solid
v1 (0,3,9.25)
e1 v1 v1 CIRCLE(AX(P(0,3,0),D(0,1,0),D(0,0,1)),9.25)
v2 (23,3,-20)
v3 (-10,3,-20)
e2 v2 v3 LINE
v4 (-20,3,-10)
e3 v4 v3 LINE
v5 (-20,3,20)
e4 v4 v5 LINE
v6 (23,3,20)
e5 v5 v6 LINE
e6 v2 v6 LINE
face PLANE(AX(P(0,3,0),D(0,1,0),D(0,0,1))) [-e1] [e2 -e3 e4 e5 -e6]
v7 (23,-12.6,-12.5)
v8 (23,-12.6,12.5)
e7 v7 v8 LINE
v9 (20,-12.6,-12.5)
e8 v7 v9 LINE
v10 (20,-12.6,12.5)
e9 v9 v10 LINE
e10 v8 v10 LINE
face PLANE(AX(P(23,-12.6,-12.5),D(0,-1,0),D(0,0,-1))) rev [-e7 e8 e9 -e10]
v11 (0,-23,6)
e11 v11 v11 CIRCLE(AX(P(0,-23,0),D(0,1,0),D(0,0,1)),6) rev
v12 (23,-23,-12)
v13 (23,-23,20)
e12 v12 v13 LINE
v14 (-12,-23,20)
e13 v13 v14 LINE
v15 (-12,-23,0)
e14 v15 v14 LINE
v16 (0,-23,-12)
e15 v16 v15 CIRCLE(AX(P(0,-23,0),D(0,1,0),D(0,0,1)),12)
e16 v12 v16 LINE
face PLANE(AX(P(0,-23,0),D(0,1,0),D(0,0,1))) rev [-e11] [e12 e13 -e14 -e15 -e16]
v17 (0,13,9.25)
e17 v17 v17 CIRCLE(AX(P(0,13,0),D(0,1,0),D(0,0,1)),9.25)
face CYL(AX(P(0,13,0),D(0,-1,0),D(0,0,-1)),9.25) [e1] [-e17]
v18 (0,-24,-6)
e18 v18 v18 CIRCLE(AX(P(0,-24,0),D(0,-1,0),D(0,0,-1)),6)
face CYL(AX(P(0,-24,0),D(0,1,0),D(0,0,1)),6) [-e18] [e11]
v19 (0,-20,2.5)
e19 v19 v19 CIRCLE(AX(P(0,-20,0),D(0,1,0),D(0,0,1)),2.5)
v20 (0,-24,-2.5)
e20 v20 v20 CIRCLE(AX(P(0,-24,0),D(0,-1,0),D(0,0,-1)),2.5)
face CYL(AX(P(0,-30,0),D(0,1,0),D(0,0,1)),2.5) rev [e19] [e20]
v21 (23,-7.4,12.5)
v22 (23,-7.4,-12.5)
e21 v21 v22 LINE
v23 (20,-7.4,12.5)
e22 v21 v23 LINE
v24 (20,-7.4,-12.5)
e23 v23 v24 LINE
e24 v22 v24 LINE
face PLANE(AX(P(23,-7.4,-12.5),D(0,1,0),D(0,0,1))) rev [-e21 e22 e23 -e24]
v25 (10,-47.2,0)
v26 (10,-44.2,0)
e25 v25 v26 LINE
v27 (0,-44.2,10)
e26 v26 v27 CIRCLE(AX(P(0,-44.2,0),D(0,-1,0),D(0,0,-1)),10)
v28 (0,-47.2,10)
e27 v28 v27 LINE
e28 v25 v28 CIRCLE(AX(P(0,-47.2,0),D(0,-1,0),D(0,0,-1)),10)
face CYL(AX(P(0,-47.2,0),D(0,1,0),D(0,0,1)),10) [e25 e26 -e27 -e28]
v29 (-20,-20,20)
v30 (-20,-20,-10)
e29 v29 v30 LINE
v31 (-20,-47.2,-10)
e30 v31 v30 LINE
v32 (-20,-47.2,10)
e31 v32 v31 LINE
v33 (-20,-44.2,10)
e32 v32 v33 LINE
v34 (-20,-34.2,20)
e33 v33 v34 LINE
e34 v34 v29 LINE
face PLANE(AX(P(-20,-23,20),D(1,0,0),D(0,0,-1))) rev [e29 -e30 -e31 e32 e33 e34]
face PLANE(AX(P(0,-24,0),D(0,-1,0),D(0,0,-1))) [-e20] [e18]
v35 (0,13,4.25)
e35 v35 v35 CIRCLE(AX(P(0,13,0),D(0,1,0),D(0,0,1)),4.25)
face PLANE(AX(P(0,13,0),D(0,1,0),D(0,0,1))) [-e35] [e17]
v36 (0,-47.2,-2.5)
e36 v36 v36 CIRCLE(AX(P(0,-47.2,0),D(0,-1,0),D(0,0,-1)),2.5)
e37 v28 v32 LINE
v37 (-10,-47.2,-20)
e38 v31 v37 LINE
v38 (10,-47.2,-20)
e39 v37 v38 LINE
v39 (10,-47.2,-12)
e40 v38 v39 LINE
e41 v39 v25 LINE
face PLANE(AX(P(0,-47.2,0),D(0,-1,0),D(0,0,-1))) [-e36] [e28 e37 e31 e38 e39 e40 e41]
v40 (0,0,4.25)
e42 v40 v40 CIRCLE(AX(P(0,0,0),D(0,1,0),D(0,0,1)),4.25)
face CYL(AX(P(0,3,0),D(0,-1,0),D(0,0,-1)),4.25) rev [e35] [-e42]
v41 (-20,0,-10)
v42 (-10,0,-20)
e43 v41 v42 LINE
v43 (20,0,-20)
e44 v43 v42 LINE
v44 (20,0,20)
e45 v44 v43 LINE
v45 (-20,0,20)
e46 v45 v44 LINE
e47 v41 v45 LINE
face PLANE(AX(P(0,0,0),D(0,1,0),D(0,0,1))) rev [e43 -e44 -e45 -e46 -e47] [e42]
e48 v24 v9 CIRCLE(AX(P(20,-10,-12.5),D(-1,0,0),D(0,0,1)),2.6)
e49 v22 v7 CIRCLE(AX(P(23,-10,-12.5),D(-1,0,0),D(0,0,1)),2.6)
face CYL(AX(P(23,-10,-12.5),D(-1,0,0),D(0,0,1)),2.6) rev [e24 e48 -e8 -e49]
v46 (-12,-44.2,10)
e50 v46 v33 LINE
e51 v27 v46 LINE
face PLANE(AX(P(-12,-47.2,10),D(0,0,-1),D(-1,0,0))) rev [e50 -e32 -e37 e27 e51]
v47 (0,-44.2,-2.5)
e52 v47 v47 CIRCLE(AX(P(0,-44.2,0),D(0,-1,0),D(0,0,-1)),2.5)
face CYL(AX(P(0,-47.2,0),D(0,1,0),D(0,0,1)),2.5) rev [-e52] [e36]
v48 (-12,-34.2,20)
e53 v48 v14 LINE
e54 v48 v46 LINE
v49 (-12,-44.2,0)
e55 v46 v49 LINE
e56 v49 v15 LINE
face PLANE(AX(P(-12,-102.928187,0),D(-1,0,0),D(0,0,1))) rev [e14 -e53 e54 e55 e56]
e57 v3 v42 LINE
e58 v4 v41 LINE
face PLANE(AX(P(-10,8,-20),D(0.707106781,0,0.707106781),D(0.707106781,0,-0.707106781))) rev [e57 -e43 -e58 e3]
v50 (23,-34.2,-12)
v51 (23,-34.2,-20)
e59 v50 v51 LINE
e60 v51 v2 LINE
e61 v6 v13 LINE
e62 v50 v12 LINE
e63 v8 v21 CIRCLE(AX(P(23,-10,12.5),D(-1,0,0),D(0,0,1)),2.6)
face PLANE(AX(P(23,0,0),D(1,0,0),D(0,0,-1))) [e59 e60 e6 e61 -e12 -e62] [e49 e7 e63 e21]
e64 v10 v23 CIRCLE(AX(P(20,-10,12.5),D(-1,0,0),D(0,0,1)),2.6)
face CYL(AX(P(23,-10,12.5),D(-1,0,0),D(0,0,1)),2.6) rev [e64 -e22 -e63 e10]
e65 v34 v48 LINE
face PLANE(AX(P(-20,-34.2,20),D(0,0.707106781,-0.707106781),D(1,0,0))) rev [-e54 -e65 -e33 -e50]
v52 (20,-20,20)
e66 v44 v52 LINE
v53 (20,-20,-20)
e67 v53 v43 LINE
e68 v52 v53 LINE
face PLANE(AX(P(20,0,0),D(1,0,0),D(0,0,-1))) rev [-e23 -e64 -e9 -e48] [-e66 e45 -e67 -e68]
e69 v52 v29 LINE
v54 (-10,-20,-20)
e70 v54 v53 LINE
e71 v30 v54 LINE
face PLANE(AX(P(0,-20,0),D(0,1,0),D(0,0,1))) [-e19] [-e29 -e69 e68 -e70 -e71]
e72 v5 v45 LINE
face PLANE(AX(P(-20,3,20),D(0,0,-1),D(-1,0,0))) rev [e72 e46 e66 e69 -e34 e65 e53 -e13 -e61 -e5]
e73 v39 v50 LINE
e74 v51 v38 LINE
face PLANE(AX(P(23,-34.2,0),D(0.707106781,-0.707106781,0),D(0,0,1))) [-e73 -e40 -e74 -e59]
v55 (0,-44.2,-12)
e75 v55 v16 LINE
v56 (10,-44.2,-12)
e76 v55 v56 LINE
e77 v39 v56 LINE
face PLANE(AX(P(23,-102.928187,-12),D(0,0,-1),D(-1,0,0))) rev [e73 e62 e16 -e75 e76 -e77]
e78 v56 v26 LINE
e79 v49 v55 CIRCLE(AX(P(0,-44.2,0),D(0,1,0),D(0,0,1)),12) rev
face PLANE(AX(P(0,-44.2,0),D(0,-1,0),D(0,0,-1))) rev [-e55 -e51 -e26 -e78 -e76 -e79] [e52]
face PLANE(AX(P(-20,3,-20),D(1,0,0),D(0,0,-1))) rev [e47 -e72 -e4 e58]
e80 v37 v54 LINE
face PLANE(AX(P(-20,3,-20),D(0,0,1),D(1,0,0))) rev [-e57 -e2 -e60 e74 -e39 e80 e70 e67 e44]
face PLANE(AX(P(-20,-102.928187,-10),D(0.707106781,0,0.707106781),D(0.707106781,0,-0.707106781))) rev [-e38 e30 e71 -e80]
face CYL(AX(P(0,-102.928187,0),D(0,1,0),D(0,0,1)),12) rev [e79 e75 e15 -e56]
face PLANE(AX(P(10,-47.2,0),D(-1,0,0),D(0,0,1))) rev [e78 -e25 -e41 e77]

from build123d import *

# Parameters (mm, degrees)
SKETCH1_W           = 40
SKETCH1_H           = 40
SKETCH1_R           = 4.25
BOSS_EXTRUDE1_DEPTH = 3
SKETCH2_R           = 9.25
SKETCH2_R_2         = 4.25
BOSS_EXTRUDE2_DEPTH = 10
SKETCH3_W           = 40
SKETCH3_H           = 23
BOSS_EXTRUDE3_DEPTH = 3
CUT_EXTRUDE1_DEPTH  = 3
SKETCH5_W           = 43
SKETCH5_H           = 40
BOSS_EXTRUDE4_DEPTH = 3
SKETCH6_R           = 2.5
CUT_EXTRUDE2_DEPTH  = 10
SKETCH7_R           = 6
SKETCH7_R_2         = 2.5
BOSS_EXTRUDE5_DEPTH = 1
BOSS_EXTRUDE6_DEPTH = 21.2
CHAMFER2_SIZE       = 10
SKETCH10_R          = 2.5
BOSS_EXTRUDE7_DEPTH = 3
CUT_EXTRUDE3_DEPTH  = 31
BOSS_EXTRUDE8_DEPTH = 8


with BuildPart() as part:
    # Sketch1 → Boss-Extrude1 (new body)
    with BuildSketch(Plane(origin=(0, 0, 0), x_dir=(1, 0, 0), z_dir=(0, 1, 0))):
        Rectangle(SKETCH1_W, SKETCH1_H)
        with Locations(Location((0, 0, 0), (0, 0, 270))):
            Circle(SKETCH1_R, mode=Mode.SUBTRACT)
    extrude(amount=BOSS_EXTRUDE1_DEPTH)

    # Sketch2 → Boss-Extrude2 (add)
    with BuildSketch(Plane(origin=(0, 3, 0), x_dir=(1, 0, 0), z_dir=(0, 1, 0))):
        with Locations(Location((0, 0, 0), (0, 0, 270))):
            Circle(SKETCH2_R)
        with Locations(Location((0, 0, 0), (0, 0, 270))):
            Circle(SKETCH2_R_2, mode=Mode.SUBTRACT)
    extrude(amount=BOSS_EXTRUDE2_DEPTH)

    # Sketch3 → Boss-Extrude3 (add)
    with BuildSketch(Plane(origin=(20, 0, 0), x_dir=(0, 0, -1), z_dir=(1, 0, 0))):
        with Locations((0, -8.5)):
            Rectangle(SKETCH3_W, SKETCH3_H)
    extrude(amount=BOSS_EXTRUDE3_DEPTH)

    # Sketch4 → Cut-Extrude1 (cut)
    with BuildSketch(Plane.ZY.offset(-20)):
        with BuildLine():
            Line((-12.5, -7.4), (12.5, -7.4))
            ThreePointArc((12.5, -7.4), (15.1, -10), (12.5, -12.6))
            Line((12.5, -12.6), (-12.5, -12.6))
            ThreePointArc((-12.5, -12.6), (-15.1, -10), (-12.5, -7.4))
        make_face()
    extrude(amount=-CUT_EXTRUDE1_DEPTH, mode=Mode.SUBTRACT)

    # Sketch5 → Boss-Extrude4 (add)
    with BuildSketch(Plane(origin=(0, -20, 0), x_dir=(-1, 0, 0), z_dir=(0, -1, 0))):
        with Locations((-1.5, 0)):
            Rectangle(SKETCH5_W, SKETCH5_H)
    extrude(amount=BOSS_EXTRUDE4_DEPTH)

    # Sketch6 → Cut-Extrude2 (cut)
    with BuildSketch(Plane(origin=(0, -20, 0), x_dir=(1, 0, 0), z_dir=(0, 1, 0))):
        with Locations(Location((0, 0, 0), (0, 0, 270))):
            Circle(SKETCH6_R)
    extrude(amount=-CUT_EXTRUDE2_DEPTH, mode=Mode.SUBTRACT)

    # Sketch7 → Boss-Extrude5 (add)
    with BuildSketch(Plane(origin=(0, -23, 0), x_dir=(-1, 0, 0), z_dir=(0, -1, 0))):
        with Locations(Location((0, 0, 0), (0, 0, 270))):
            Circle(SKETCH7_R)
        with Locations(Location((0, 0, 0), (0, 0, 270))):
            Circle(SKETCH7_R_2, mode=Mode.SUBTRACT)
    extrude(amount=BOSS_EXTRUDE5_DEPTH)

    # Sketch9 → Boss-Extrude6 (add)
    with BuildSketch(Plane.XZ.offset(23)):
        with BuildLine():
            Line((23, -12), (0, -12))
            ThreePointArc((0, -12), (-8.485281374, -8.485281374), (-12, 0))
            Line((-12, 0), (-12, 20))
            Line((-12, 20), (-20, 20))
            Line((-20, 20), (-20, -10))
            Line((-20, -10), (-10, -20))
            Line((-10, -20), (23, -20))
            Line((23, -20), (23, -12))
        make_face()
    extrude(amount=BOSS_EXTRUDE6_DEPTH)

    # Chamfer2
    chamfer2_edges = [part.edges().sort_by_distance(p)[0] for p in [
        (-16, -44.2, 20),
        (23, -44.2, -16),
    ]]
    chamfer(chamfer2_edges, length=CHAMFER2_SIZE)

    # Sketch10 → Boss-Extrude7 (add)
    with BuildSketch(Plane.XZ.offset(44.2)):
        with BuildLine():
            Line((0, 10), (-12, 10))
            Line((-12, 10), (-20, 10))
            Line((-20, 10), (-20, -10))
            Line((-20, -10), (-10, -20))
            Line((-10, -20), (10, -20))
            Line((10, -20), (10, 0))
            ThreePointArc((10, 0), (7.071067812, 7.071067812), (0, 10))
        make_face()
        with Locations(Location((0, 0, 0), (0, 0, 90))):
            Circle(SKETCH10_R, mode=Mode.SUBTRACT)
    extrude(amount=BOSS_EXTRUDE7_DEPTH)

    # Sketch11 → Cut-Extrude3 (cut)
    with BuildSketch(Plane.XZ.offset(23)):
        Polygon((-10, -20), (-20, -10), (-20, -20), align=None)
    extrude(amount=-CUT_EXTRUDE3_DEPTH, mode=Mode.SUBTRACT)

    # Sketch12 → Boss-Extrude8 (add)
    with BuildSketch(Plane(origin=(0, 0, -20), x_dir=(-1, 0, 0), z_dir=(0, 0, -1))):
        Polygon((-10, -47.2), (-13, -44.2), (-10, -44.2), align=None)
    extrude(amount=-BOSS_EXTRUDE8_DEPTH)


solid = part.part
